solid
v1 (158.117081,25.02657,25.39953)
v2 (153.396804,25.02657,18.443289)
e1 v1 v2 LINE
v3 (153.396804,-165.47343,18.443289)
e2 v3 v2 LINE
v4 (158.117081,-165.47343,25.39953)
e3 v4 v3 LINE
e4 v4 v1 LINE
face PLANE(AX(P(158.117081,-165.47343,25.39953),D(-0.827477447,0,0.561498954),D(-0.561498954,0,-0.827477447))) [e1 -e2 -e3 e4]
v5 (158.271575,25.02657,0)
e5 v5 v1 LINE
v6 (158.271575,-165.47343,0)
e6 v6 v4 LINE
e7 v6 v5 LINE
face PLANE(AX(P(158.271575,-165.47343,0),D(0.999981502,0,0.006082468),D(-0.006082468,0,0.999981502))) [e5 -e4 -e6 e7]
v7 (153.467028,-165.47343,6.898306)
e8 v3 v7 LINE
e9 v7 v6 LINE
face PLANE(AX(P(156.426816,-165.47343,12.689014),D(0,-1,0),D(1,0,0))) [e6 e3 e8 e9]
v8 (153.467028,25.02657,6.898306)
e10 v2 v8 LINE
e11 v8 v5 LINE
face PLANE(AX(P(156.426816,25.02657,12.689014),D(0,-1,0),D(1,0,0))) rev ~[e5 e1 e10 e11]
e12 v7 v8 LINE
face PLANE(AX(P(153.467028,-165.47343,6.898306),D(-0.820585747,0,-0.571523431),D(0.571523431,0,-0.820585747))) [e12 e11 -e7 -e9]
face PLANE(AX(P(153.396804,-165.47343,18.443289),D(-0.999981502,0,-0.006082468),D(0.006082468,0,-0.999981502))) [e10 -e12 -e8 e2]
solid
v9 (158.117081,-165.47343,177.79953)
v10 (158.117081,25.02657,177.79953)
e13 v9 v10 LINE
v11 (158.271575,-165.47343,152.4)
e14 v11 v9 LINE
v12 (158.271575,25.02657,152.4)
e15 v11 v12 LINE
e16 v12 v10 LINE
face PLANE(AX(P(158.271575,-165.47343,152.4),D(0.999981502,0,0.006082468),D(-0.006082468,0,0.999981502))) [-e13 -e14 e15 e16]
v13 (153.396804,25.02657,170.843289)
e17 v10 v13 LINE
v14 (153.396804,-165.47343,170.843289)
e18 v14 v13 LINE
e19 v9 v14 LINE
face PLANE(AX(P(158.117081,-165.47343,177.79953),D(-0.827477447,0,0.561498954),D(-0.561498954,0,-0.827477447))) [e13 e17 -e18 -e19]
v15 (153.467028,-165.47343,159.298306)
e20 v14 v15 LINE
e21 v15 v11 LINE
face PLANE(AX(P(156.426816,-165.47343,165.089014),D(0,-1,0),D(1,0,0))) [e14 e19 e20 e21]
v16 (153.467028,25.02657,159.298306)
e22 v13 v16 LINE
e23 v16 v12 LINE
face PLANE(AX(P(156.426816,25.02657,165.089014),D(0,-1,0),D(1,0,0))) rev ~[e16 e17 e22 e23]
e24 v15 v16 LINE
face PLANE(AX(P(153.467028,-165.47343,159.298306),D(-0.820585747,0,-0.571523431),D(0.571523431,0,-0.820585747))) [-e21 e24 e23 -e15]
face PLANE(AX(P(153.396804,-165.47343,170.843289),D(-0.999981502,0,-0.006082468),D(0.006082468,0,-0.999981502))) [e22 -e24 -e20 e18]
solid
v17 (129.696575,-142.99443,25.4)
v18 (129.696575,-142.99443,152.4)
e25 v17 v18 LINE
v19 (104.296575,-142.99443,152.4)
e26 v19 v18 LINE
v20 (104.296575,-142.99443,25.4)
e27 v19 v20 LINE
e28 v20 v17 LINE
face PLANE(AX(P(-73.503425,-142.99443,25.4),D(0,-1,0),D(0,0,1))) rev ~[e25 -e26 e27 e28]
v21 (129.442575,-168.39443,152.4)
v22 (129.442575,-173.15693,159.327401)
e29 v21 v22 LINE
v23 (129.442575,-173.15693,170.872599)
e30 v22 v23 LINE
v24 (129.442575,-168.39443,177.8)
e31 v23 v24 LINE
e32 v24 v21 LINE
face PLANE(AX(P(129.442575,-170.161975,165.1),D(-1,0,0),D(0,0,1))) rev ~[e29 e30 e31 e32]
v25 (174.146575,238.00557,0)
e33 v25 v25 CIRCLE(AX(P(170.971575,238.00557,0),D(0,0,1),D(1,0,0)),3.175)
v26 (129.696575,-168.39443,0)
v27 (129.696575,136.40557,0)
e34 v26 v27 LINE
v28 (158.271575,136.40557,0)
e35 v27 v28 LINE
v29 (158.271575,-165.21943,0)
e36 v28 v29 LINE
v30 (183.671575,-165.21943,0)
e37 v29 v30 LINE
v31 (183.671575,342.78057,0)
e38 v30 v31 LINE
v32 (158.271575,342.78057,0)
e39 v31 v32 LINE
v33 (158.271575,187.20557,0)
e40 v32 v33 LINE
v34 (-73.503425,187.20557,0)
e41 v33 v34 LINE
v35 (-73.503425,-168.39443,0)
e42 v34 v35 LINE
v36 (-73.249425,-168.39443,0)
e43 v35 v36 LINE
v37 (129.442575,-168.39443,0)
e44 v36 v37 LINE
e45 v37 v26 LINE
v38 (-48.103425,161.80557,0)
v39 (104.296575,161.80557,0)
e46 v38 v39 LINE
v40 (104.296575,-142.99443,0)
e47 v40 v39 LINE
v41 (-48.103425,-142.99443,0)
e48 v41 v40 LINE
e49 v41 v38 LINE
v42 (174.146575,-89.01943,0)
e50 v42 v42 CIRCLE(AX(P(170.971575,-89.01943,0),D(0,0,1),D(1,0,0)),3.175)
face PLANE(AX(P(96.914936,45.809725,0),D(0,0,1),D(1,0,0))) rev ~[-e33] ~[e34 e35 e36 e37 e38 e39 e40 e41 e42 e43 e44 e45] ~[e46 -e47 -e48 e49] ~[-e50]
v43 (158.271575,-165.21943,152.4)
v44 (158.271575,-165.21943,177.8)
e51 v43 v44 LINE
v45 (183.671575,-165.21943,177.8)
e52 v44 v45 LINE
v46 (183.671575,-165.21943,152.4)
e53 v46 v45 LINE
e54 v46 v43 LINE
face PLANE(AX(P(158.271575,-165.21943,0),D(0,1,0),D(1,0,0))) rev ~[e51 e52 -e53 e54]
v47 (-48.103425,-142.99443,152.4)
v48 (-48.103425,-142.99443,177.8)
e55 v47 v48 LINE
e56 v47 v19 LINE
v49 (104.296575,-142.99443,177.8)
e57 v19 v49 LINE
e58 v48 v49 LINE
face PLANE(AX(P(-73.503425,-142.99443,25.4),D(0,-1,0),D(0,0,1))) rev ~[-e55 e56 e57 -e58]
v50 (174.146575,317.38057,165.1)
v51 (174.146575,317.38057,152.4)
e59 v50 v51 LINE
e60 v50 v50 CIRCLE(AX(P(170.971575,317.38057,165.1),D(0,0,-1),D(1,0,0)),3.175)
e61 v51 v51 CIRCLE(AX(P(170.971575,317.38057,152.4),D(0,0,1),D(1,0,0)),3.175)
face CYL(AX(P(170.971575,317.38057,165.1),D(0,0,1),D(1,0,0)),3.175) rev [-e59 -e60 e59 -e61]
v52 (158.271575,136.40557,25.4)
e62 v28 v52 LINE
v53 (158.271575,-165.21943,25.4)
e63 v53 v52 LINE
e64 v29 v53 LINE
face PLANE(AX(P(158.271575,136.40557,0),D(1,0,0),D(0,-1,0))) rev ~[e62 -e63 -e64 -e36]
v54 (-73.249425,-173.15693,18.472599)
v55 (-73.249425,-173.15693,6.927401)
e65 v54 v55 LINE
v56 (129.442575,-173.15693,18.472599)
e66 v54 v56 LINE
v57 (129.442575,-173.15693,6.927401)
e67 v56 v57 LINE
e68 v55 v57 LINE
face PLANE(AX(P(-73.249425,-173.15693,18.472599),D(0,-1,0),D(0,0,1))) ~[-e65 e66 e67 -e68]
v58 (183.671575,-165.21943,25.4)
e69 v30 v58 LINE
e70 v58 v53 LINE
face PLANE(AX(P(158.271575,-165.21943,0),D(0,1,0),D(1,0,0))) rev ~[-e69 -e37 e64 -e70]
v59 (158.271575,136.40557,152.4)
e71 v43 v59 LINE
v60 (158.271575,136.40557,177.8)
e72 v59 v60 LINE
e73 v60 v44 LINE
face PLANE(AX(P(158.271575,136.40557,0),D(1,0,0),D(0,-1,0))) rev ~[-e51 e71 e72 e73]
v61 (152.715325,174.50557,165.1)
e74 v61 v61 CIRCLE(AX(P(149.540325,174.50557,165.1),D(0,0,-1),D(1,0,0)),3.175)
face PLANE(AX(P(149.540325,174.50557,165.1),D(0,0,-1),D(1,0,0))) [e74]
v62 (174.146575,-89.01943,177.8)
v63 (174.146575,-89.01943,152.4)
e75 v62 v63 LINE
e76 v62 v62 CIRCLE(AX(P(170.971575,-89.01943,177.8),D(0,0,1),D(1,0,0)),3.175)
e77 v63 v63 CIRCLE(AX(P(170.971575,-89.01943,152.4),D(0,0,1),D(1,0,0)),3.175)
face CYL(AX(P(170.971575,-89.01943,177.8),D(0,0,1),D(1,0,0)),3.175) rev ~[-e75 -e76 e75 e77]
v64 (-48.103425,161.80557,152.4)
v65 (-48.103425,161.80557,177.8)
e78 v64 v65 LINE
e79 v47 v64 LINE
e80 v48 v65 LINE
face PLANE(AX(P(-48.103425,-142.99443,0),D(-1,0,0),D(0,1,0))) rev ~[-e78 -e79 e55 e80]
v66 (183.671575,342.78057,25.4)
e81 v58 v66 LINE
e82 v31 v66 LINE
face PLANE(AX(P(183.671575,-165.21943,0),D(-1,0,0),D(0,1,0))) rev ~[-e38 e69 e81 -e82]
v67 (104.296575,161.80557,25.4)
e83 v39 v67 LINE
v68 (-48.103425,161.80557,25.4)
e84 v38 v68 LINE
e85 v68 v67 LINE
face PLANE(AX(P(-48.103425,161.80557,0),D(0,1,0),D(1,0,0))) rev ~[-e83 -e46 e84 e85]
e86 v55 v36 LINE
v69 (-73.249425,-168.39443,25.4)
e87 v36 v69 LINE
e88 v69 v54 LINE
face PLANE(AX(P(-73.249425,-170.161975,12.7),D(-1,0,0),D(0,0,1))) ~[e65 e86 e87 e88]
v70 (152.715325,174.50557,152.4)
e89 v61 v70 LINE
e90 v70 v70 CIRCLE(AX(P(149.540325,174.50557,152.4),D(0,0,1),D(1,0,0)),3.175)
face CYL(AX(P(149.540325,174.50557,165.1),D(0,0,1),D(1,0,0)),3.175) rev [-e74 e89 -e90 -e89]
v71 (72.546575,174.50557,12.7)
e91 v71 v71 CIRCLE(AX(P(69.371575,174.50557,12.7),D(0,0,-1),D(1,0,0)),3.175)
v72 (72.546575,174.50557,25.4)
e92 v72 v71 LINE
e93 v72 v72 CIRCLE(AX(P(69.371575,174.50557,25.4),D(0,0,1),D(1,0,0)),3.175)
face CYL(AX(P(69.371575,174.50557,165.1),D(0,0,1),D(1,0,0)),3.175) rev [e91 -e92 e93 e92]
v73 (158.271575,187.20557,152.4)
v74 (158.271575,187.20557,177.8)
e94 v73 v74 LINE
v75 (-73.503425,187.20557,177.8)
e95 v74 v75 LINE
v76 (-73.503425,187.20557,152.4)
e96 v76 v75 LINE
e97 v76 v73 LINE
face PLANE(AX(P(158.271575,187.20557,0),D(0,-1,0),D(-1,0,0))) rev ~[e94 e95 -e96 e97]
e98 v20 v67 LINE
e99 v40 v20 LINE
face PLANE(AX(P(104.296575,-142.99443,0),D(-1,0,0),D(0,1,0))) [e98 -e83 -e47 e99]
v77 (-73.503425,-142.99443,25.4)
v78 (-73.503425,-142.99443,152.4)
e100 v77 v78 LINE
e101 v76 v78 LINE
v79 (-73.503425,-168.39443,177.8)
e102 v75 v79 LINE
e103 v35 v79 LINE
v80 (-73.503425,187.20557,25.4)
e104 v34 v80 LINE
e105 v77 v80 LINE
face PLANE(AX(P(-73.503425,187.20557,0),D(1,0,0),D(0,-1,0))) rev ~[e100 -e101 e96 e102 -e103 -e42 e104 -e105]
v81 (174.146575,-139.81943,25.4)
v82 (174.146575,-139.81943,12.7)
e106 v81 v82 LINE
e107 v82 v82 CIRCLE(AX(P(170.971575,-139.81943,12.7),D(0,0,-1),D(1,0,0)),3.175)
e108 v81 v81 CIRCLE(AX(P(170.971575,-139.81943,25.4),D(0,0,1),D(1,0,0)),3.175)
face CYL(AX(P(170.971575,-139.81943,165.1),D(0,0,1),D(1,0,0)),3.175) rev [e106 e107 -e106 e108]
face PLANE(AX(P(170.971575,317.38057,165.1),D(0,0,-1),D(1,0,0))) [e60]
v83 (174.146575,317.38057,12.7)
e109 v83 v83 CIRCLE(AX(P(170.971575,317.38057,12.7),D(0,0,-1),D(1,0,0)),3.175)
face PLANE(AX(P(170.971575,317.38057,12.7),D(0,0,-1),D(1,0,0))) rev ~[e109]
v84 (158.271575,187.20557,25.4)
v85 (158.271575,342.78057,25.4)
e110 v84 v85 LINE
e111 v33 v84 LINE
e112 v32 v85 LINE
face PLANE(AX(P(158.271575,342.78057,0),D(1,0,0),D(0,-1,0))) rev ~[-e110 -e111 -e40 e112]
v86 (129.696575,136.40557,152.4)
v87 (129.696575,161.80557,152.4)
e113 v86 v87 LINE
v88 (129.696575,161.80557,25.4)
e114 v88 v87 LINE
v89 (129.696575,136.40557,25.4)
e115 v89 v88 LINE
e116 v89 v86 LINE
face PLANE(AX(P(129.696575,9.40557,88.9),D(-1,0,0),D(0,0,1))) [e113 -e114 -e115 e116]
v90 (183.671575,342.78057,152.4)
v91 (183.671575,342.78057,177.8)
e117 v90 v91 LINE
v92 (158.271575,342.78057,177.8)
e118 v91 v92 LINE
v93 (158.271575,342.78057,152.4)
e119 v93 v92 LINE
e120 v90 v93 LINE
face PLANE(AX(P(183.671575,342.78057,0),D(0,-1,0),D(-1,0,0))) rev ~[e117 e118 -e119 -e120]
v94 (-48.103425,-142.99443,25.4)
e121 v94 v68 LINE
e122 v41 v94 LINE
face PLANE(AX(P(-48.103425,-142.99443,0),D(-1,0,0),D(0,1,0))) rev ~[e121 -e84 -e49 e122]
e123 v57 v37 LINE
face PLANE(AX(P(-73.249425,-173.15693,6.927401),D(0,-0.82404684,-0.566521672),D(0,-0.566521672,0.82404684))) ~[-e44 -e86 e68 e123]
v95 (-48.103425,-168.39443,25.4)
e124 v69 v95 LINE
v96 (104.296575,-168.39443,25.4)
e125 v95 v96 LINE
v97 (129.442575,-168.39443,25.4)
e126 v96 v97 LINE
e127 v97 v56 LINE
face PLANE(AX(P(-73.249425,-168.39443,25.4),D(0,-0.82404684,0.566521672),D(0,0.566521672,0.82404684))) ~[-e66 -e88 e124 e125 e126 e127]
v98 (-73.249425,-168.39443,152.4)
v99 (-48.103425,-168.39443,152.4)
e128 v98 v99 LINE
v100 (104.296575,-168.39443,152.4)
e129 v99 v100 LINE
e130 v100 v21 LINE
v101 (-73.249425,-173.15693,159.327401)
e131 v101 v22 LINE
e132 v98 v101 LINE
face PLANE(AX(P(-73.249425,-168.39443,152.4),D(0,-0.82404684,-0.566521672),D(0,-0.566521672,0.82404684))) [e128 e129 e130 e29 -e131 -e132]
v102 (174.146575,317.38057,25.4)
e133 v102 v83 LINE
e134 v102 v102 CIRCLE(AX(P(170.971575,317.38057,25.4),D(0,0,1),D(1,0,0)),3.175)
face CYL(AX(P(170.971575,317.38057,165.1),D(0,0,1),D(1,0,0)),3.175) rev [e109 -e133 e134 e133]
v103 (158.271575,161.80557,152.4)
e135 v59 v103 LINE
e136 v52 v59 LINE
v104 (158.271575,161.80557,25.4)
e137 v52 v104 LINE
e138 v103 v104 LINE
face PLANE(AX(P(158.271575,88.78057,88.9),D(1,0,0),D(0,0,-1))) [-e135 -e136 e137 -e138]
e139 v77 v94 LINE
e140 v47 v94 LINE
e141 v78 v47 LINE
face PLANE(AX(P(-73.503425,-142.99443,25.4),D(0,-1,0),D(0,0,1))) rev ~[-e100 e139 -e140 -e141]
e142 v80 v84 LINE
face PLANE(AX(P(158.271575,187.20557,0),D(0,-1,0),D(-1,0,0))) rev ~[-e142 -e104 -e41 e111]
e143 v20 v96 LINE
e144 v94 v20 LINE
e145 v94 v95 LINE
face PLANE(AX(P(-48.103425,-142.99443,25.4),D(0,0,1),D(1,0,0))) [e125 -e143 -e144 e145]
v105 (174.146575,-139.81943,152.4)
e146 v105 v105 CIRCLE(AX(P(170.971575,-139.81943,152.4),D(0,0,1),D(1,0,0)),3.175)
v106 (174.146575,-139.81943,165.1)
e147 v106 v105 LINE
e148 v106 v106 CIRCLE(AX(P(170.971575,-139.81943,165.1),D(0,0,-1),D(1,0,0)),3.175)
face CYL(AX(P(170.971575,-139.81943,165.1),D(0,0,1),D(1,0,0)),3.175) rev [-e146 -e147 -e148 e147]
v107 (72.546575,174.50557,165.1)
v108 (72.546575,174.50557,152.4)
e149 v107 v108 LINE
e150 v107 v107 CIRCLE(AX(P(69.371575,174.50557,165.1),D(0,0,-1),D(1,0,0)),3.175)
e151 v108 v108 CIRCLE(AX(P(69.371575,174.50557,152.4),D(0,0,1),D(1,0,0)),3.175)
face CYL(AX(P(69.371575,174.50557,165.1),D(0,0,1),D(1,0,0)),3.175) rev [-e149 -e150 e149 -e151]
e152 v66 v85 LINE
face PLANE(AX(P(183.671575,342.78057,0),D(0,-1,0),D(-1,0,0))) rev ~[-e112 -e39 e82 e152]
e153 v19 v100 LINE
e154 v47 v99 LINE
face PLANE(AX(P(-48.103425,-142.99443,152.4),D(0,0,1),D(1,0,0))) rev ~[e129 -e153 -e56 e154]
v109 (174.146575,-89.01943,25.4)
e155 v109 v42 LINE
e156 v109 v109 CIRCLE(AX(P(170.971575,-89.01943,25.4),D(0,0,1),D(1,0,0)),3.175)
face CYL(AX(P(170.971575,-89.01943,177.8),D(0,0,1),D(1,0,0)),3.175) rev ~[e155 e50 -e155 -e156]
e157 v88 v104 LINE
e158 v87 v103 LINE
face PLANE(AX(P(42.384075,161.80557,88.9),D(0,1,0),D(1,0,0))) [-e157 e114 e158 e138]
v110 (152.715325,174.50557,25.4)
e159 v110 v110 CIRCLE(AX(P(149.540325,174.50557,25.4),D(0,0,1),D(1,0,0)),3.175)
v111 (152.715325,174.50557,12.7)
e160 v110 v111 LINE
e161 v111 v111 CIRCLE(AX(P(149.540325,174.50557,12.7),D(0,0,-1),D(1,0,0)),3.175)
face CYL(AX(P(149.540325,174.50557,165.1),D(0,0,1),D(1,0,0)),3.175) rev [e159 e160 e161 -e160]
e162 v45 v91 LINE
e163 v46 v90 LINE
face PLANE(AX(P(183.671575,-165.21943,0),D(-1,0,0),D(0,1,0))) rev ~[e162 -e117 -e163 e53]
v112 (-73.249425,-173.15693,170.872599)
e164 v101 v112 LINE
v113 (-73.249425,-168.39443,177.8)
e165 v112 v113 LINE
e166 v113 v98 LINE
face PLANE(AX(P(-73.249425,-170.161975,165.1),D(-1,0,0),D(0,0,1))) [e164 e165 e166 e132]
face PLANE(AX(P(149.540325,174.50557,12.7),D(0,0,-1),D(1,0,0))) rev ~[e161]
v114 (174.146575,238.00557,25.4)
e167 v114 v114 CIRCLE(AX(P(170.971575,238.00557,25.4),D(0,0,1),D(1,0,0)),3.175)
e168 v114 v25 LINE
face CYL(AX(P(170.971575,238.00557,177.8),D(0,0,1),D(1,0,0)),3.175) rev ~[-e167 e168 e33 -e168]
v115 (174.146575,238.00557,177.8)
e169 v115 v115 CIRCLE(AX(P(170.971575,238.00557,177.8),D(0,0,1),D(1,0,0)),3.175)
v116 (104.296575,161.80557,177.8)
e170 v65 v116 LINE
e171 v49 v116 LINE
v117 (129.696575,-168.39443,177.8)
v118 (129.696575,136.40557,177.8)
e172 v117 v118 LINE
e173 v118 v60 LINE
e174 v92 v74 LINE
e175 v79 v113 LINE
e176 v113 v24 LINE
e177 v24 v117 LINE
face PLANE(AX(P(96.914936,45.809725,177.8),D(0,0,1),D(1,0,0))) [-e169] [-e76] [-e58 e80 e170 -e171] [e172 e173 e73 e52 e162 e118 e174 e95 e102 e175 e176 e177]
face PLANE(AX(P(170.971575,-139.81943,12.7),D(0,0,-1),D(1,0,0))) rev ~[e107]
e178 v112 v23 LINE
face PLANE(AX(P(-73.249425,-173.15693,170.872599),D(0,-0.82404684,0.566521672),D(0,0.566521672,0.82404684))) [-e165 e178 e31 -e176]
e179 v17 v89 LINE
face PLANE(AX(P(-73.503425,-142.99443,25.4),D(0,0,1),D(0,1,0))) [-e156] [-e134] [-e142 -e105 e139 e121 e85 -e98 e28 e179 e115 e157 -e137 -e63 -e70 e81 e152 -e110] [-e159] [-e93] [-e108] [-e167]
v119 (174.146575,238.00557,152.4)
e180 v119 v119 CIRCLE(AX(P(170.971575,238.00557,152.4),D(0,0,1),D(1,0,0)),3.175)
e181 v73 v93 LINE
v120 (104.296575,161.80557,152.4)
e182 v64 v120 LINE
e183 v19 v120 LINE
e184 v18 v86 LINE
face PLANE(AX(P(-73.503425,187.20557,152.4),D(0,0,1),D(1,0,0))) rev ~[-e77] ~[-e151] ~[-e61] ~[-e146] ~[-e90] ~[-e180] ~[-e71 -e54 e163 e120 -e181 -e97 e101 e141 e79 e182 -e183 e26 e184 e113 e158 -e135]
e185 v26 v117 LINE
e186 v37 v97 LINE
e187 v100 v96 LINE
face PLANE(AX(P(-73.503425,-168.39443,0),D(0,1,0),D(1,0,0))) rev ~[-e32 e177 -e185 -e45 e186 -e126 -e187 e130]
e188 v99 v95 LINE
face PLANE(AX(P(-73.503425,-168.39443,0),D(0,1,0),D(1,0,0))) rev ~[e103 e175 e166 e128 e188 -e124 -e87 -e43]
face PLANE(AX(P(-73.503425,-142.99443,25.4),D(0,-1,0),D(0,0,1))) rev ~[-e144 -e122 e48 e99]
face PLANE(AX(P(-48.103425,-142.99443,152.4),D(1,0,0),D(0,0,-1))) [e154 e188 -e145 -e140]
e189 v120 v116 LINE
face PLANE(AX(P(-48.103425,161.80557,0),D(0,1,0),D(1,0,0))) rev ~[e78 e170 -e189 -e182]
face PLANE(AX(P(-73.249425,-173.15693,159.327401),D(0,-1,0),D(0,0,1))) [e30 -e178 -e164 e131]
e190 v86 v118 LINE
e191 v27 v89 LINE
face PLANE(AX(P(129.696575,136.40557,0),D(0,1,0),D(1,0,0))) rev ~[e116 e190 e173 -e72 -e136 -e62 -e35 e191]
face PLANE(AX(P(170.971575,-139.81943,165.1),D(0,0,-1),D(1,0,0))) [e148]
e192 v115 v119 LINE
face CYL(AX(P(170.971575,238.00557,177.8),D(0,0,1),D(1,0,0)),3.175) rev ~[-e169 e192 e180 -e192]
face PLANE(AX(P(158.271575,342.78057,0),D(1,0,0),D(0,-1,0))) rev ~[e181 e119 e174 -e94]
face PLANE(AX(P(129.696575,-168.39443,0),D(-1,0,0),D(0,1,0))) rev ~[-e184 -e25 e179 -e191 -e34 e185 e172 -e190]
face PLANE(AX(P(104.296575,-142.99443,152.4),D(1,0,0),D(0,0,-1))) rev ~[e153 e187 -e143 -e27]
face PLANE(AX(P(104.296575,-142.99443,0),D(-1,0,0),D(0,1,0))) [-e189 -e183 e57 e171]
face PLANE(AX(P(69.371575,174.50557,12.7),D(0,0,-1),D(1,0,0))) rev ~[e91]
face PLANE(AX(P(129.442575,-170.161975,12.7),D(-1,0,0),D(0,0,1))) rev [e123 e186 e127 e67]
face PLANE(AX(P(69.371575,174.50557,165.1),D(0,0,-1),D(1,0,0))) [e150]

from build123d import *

# Parameters (mm, degrees)
SKETCH1_W               = 152.4
SKETCH1_H               = 304.8
BOSS_EXTRUDE1_DEPTH     = 177.8
SKETCH2_W               = 231.775
SKETCH2_H               = 127
CUT_EXTRUDE1_DEPTH      = 25.4
SKETCH3_W               = 127
SKETCH3_H               = 304.8
CUT_EXTRUDE2_DEPTH      = 25.4
SKETCH4_W               = 127
SKETCH4_H               = 304.8
CUT_EXTRUDE3_DEPTH      = 25.4
SKETCH5_W               = 152.4
SKETCH5_H               = 127
CUT_EXTRUDE4_DEPTH      = 25.4
SKETCH6_W               = 127
SKETCH6_H               = 508
CUT_EXTRUDE5_DEPTH      = 25.4
CUT_EXTRUDE6_REACH      = 429.606
SKETCH7_R               = 3.175
CUT_EXTRUDE7_DEPTH      = 139.7
CUT_EXTRUDE7_DEPTH_BACK = 12.7
SKETCH8_R               = 3.175
BOSS_EXTRUDE2_START     = -0.254
BOSS_EXTRUDE2_DEPTH     = 202.692
BOSS_EXTRUDE3_START     = 0.254
BOSS_EXTRUDE3_DEPTH     = 190.5
BOSS_EXTRUDE3_2_DEPTH   = 190.5


with BuildPart() as part:
    # Sketch1 → Boss-Extrude1 (new body)
    with BuildSketch(Plane.XY):
        Polygon((-73.503424658, -168.394429721), (129.696575342, -168.394429721), (129.696575342, 136.405570279), (158.271575342, 136.405570279), (158.271575342, -165.219429721), (183.671575342, -165.219429721), (183.671575342, 342.780570279), (158.271575342, 342.780570279), (158.271575342, 187.205570279), (-73.503424658, 187.205570279), align=None)
        with Locations((28.096575342, 9.405570279)):
            Rectangle(SKETCH1_W, SKETCH1_H, mode=Mode.SUBTRACT)
    extrude(amount=BOSS_EXTRUDE1_DEPTH)

    # Sketch2 → Cut-Extrude1 (cut)
    with BuildSketch(Plane(origin=(0, 187.205570279, 0), x_dir=(1, 0, 0), z_dir=(0, 1, 0))):
        with Locations((42.384075342, -88.9)):
            Rectangle(SKETCH2_W, SKETCH2_H)
    extrude(amount=-CUT_EXTRUDE1_DEPTH, mode=Mode.SUBTRACT)

    # Sketch3 → Cut-Extrude2 (cut)
    with BuildSketch(Plane.ZY.offset(73.503424658)):
        with Locations((88.9, 9.405570279)):
            Rectangle(SKETCH3_W, SKETCH3_H)
    extrude(amount=-CUT_EXTRUDE2_DEPTH, mode=Mode.SUBTRACT)

    # Sketch4 → Cut-Extrude3 (cut)
    with BuildSketch(Plane.ZY.offset(-104.296575342)):
        with Locations((88.9, 9.405570279)):
            Rectangle(SKETCH4_W, SKETCH4_H)
    extrude(amount=-CUT_EXTRUDE3_DEPTH, mode=Mode.SUBTRACT)

    # Sketch5 → Cut-Extrude4 (cut)
    with BuildSketch(Plane(origin=(0, -142.994429721, 0), x_dir=(1, 0, 0), z_dir=(0, 1, 0))):
        with Locations((28.096575342, -88.9)):
            Rectangle(SKETCH5_W, SKETCH5_H)
    extrude(amount=-CUT_EXTRUDE4_DEPTH, mode=Mode.SUBTRACT)

    # Sketch6 → Cut-Extrude5 (cut)
    with BuildSketch(Plane(origin=(183.671575342, 0, 0), x_dir=(0, 0, -1), z_dir=(1, 0, 0))):
        with Locations((-88.9, 88.780570279)):
            Rectangle(SKETCH6_W, SKETCH6_H)
    extrude(amount=-CUT_EXTRUDE5_DEPTH, mode=Mode.SUBTRACT)

    # Cut-Extrude6: up to this face of the body (flat: up to its plane)
    cut_extrude6_end = Plane(part.part.faces().sort_by_distance((28.096575342, -162.672202347, 0))[0])
    # Sketch7 → Cut-Extrude6 (cut, up to the picked face)
    with BuildSketch(Plane.XY.offset(177.8), mode=Mode.PRIVATE) as cut_extrude6_sk1:
        with Locations((170.971575342, 238.005570279)):
            Circle(SKETCH7_R)
    cut_extrude6_tool1 = split(extrude(cut_extrude6_sk1.sketch, amount=-CUT_EXTRUDE6_REACH, mode=Mode.PRIVATE), bisect_by=cut_extrude6_end, keep=Keep.BOTH, mode=Mode.PRIVATE)
    # Sketch7 → Cut-Extrude6 (cut, up to the picked face)
    with BuildSketch(Plane.XY.offset(177.8), mode=Mode.PRIVATE) as cut_extrude6_sk2:
        with Locations((170.971575342, -89.019429721)):
            Circle(SKETCH7_R)
    cut_extrude6_tool2 = split(extrude(cut_extrude6_sk2.sketch, amount=-CUT_EXTRUDE6_REACH, mode=Mode.PRIVATE), bisect_by=cut_extrude6_end, keep=Keep.BOTH, mode=Mode.PRIVATE)
    add(cut_extrude6_tool1.solids().sort_by(Axis((170.971575, 238.00557, 177.8), (0, 0, -1)))[0], mode=Mode.SUBTRACT)
    add(cut_extrude6_tool2.solids().sort_by(Axis((170.971575, -89.01943, 177.8), (0, 0, -1)))[0], mode=Mode.SUBTRACT)

    # Sketch8 → Cut-Extrude7 (cut, two sides: drawn at the far end of the back side and taken through both)
    with BuildSketch(Plane(origin=(0, 0, 152.4), x_dir=(-1, 0, 0), z_dir=(0, 0, -1)).offset(-CUT_EXTRUDE7_DEPTH_BACK)):
        with Locations(Location((-69.371575342, 174.505570279, 0), (0, 0, 180))):
            Circle(SKETCH8_R)
        with Locations(Location((-170.971575342, 317.380570279, 0), (0, 0, 180))):
            Circle(SKETCH8_R)
        with Locations(Location((-170.971575342, -139.819429721, 0), (0, 0, 180))):
            Circle(SKETCH8_R)
        with Locations(Location((-149.540325342, 174.505570279, 0), (0, 0, 180))):
            Circle(SKETCH8_R)
    extrude(amount=CUT_EXTRUDE7_DEPTH + CUT_EXTRUDE7_DEPTH_BACK, mode=Mode.SUBTRACT)

    # Sketch10 → Boss-Extrude2 (add)
    with BuildSketch(Plane.ZY.offset(73.503424658).offset(BOSS_EXTRUDE2_START)):
        Polygon((177.8, -168.394429721), (152.4, -168.394429721), (159.327401487, -173.156929721), (170.872598513, -173.156929721), align=None)
    boss_extrude2 = extrude(amount=-BOSS_EXTRUDE2_DEPTH)

    # Mirror1: Boss-Extrude2 across plane
    add(boss_extrude2.mirror(Plane.XY.offset(88.9)))


with BuildPart() as body_2:
    # Sketch11 → Boss-Extrude3 (new body)
    with BuildSketch(Plane.XZ.offset(165.219429721).offset(BOSS_EXTRUDE3_START)):
        Polygon((158.271575342, 152.4), (158.117080653, 177.799530141), (153.39680445, 170.843289046), (153.467027742, 159.298305587), align=None)
    extrude(amount=-BOSS_EXTRUDE3_DEPTH)


with BuildPart() as body_3:
    # Sketch11 → Boss-Extrude3 2 (new body)
    with BuildSketch(Plane.XZ.offset(165.219429721).offset(BOSS_EXTRUDE3_START)):
        Polygon((158.271575342, 0), (158.117080653, 25.399530141), (153.39680445, 18.443289046), (153.467027742, 6.898305587), align=None)
    extrude(amount=-BOSS_EXTRUDE3_2_DEPTH)


solid = Compound([part.part, body_2.part, body_3.part])
